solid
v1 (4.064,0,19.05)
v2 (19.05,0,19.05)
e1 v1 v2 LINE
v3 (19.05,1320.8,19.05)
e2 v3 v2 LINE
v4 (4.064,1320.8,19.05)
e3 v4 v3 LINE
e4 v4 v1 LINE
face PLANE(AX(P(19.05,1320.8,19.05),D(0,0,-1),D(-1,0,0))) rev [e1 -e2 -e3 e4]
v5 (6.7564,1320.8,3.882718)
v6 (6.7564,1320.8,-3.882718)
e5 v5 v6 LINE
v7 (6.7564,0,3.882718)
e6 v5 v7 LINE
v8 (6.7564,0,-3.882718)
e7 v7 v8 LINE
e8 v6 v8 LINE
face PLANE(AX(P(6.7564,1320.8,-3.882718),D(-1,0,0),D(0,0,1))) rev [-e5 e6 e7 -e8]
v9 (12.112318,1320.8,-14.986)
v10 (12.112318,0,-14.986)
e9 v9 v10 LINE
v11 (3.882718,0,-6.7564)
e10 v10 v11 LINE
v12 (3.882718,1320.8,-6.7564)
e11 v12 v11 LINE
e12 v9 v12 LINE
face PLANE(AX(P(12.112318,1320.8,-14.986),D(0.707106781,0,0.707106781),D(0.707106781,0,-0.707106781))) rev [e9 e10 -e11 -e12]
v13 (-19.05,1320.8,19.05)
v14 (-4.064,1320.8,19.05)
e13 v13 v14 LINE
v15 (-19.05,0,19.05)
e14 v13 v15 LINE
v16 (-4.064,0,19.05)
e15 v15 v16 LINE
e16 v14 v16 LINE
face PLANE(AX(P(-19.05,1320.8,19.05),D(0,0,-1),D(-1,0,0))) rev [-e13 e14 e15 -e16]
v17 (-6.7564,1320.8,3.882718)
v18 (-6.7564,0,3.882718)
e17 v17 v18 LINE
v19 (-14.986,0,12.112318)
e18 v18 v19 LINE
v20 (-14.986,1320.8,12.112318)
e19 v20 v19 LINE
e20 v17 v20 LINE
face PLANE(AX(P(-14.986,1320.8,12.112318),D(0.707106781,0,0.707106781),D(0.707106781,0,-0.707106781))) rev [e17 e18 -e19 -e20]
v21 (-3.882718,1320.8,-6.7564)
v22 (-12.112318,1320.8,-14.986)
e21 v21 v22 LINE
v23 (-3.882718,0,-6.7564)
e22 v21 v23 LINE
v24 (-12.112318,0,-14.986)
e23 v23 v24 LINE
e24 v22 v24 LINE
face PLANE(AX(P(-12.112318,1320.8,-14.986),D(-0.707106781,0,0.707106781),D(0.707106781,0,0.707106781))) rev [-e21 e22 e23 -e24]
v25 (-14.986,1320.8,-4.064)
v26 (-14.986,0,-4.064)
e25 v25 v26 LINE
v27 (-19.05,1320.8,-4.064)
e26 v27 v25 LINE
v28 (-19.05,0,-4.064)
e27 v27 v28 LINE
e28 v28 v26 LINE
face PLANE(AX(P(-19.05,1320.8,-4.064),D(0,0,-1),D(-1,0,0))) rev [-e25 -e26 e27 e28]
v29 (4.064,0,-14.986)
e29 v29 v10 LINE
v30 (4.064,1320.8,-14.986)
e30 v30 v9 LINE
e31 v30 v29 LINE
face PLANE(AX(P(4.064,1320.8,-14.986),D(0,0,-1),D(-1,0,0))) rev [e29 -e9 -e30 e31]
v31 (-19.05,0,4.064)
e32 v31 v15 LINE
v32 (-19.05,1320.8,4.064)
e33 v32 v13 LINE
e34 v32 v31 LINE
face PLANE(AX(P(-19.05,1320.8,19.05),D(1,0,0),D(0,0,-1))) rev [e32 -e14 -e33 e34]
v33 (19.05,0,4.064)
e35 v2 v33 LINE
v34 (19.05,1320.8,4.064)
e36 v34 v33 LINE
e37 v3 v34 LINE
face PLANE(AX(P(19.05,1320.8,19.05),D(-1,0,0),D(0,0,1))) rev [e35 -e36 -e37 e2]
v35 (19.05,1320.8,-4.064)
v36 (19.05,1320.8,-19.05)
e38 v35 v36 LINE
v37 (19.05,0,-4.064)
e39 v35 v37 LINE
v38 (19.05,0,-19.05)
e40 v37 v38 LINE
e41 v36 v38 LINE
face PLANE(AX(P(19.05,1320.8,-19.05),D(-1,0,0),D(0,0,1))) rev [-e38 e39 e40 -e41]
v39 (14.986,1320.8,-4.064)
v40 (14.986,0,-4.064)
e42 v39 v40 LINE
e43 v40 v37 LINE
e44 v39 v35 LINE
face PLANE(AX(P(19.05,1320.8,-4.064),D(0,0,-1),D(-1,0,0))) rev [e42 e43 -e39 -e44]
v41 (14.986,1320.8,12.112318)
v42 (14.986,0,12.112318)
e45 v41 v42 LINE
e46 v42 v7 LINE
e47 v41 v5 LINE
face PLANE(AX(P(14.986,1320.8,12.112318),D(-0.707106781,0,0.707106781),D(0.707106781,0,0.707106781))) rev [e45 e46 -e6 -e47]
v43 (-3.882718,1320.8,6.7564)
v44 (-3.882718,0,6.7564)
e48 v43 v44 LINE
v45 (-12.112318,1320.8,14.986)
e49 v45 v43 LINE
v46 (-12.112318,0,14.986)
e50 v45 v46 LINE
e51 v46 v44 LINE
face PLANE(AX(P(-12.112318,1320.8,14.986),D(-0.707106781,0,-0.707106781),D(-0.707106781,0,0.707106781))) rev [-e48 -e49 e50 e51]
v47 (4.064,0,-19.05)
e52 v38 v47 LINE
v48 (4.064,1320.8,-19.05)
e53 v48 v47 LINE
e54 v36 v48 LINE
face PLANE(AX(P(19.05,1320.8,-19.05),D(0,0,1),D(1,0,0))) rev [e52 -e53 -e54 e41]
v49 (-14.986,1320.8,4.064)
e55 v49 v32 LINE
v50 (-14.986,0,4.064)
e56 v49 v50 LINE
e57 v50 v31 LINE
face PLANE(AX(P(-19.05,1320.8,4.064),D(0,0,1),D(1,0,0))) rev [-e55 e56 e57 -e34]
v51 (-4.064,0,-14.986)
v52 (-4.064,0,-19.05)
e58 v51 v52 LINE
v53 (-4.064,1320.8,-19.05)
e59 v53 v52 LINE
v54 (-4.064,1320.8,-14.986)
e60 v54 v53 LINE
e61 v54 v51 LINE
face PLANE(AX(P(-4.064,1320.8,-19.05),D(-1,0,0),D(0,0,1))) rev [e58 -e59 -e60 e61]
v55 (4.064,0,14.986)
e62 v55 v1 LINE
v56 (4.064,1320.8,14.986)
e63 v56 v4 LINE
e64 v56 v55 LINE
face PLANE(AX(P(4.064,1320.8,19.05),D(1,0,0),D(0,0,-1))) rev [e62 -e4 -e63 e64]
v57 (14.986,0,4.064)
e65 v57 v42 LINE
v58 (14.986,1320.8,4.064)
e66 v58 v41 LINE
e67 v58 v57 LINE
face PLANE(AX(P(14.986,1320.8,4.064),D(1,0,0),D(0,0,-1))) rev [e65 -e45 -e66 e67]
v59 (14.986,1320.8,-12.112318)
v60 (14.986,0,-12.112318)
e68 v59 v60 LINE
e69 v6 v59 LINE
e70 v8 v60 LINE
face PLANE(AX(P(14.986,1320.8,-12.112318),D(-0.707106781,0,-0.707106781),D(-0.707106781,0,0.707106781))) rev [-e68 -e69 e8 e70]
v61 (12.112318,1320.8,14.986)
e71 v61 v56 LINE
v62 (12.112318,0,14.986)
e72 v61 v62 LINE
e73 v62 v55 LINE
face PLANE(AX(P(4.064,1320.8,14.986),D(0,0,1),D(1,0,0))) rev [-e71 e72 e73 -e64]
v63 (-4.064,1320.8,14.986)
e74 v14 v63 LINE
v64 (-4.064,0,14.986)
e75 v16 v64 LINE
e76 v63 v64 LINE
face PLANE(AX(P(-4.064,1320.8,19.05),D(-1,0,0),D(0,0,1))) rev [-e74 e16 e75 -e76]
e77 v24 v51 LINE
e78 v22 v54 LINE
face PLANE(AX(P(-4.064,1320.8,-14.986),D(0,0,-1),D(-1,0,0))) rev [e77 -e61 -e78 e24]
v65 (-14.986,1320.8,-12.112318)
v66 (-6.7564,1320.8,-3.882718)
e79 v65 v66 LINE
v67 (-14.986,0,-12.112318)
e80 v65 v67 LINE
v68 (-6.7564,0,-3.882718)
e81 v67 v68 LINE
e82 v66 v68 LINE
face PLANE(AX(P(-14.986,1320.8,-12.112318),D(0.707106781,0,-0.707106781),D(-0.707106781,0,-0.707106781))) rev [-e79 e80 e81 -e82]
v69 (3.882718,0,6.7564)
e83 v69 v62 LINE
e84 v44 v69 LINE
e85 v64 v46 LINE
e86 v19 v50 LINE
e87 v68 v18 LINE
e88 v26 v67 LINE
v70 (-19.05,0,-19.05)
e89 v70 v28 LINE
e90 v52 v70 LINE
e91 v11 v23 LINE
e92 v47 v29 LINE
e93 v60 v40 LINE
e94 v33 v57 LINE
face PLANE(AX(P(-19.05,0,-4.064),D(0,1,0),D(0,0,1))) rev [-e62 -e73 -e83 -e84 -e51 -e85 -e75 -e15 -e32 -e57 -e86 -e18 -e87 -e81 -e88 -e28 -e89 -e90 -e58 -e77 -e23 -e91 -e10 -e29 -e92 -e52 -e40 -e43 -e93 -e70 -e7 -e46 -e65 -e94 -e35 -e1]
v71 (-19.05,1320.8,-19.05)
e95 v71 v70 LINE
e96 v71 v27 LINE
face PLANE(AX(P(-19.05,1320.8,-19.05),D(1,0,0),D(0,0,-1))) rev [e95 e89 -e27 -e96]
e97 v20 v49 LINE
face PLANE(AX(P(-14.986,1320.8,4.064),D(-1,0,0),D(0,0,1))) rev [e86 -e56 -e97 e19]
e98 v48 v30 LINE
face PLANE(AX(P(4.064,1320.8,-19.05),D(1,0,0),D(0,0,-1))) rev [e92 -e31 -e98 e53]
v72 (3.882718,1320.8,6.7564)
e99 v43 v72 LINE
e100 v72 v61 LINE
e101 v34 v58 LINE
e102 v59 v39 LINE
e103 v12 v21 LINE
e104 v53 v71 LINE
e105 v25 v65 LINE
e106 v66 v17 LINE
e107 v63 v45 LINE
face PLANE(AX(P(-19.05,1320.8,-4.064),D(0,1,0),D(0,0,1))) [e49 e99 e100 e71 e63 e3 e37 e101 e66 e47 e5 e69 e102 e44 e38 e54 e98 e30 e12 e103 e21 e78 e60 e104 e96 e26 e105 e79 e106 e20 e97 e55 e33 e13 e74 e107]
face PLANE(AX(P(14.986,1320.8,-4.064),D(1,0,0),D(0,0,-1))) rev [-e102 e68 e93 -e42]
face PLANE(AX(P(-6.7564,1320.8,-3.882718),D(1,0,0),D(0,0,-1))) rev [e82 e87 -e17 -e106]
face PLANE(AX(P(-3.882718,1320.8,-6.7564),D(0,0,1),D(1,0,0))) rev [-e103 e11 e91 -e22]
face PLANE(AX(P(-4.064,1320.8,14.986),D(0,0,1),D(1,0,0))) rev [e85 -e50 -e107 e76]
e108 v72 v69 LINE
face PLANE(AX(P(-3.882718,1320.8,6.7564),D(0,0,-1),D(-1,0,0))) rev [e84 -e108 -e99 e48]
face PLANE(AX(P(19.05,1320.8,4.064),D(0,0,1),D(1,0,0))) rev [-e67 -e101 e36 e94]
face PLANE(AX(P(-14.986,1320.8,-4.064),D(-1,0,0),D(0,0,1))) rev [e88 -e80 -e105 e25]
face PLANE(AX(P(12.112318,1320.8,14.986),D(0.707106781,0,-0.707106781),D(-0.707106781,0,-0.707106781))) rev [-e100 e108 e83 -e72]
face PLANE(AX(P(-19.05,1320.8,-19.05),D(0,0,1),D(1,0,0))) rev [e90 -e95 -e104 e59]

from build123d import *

# Parameters (mm, degrees)
BOSS_EXTRUDE1_DEPTH = 1320.8


with BuildPart() as part:
    # Sketch2 → Boss-Extrude1 (new body)
    with BuildSketch(Plane(origin=(0.594697292, 0, 0.594697292), x_dir=(1, 0, 0), z_dir=(0, 1, 0))):
        Polygon((-19.644697292, 19.644697292), (-4.658697292, 19.644697292), (-4.658697292, 15.580697292), (-12.707015333, 15.580697292), (-4.477415333, 7.351097292), (3.288020749, 7.351097292), (11.517620749, 15.580697292), (3.469302708, 15.580697292), (3.469302708, 19.644697292), (18.455302708, 19.644697292), (18.455302708, 4.658697292), (14.391302708, 4.658697292), (14.391302708, 12.707015333), (6.161702708, 4.477415333), (6.161702708, -3.288020749), (14.391302708, -11.517620749), (14.391302708, -3.469302708), (18.455302708, -3.469302708), (18.455302708, -18.455302708), (3.469302708, -18.455302708), (3.469302708, -14.391302708), (11.517620749, -14.391302708), (3.288020749, -6.161702708), (-4.477415333, -6.161702708), (-12.707015333, -14.391302708), (-4.658697292, -14.391302708), (-4.658697292, -18.455302708), (-19.644697292, -18.455302708), (-19.644697292, -3.469302708), (-15.580697292, -3.469302708), (-15.580697292, -11.517620749), (-7.351097292, -3.288020749), (-7.351097292, 4.477415333), (-15.580697292, 12.707015333), (-15.580697292, 4.658697292), (-19.644697292, 4.658697292), align=None)
    extrude(amount=BOSS_EXTRUDE1_DEPTH)


solid = part.part
